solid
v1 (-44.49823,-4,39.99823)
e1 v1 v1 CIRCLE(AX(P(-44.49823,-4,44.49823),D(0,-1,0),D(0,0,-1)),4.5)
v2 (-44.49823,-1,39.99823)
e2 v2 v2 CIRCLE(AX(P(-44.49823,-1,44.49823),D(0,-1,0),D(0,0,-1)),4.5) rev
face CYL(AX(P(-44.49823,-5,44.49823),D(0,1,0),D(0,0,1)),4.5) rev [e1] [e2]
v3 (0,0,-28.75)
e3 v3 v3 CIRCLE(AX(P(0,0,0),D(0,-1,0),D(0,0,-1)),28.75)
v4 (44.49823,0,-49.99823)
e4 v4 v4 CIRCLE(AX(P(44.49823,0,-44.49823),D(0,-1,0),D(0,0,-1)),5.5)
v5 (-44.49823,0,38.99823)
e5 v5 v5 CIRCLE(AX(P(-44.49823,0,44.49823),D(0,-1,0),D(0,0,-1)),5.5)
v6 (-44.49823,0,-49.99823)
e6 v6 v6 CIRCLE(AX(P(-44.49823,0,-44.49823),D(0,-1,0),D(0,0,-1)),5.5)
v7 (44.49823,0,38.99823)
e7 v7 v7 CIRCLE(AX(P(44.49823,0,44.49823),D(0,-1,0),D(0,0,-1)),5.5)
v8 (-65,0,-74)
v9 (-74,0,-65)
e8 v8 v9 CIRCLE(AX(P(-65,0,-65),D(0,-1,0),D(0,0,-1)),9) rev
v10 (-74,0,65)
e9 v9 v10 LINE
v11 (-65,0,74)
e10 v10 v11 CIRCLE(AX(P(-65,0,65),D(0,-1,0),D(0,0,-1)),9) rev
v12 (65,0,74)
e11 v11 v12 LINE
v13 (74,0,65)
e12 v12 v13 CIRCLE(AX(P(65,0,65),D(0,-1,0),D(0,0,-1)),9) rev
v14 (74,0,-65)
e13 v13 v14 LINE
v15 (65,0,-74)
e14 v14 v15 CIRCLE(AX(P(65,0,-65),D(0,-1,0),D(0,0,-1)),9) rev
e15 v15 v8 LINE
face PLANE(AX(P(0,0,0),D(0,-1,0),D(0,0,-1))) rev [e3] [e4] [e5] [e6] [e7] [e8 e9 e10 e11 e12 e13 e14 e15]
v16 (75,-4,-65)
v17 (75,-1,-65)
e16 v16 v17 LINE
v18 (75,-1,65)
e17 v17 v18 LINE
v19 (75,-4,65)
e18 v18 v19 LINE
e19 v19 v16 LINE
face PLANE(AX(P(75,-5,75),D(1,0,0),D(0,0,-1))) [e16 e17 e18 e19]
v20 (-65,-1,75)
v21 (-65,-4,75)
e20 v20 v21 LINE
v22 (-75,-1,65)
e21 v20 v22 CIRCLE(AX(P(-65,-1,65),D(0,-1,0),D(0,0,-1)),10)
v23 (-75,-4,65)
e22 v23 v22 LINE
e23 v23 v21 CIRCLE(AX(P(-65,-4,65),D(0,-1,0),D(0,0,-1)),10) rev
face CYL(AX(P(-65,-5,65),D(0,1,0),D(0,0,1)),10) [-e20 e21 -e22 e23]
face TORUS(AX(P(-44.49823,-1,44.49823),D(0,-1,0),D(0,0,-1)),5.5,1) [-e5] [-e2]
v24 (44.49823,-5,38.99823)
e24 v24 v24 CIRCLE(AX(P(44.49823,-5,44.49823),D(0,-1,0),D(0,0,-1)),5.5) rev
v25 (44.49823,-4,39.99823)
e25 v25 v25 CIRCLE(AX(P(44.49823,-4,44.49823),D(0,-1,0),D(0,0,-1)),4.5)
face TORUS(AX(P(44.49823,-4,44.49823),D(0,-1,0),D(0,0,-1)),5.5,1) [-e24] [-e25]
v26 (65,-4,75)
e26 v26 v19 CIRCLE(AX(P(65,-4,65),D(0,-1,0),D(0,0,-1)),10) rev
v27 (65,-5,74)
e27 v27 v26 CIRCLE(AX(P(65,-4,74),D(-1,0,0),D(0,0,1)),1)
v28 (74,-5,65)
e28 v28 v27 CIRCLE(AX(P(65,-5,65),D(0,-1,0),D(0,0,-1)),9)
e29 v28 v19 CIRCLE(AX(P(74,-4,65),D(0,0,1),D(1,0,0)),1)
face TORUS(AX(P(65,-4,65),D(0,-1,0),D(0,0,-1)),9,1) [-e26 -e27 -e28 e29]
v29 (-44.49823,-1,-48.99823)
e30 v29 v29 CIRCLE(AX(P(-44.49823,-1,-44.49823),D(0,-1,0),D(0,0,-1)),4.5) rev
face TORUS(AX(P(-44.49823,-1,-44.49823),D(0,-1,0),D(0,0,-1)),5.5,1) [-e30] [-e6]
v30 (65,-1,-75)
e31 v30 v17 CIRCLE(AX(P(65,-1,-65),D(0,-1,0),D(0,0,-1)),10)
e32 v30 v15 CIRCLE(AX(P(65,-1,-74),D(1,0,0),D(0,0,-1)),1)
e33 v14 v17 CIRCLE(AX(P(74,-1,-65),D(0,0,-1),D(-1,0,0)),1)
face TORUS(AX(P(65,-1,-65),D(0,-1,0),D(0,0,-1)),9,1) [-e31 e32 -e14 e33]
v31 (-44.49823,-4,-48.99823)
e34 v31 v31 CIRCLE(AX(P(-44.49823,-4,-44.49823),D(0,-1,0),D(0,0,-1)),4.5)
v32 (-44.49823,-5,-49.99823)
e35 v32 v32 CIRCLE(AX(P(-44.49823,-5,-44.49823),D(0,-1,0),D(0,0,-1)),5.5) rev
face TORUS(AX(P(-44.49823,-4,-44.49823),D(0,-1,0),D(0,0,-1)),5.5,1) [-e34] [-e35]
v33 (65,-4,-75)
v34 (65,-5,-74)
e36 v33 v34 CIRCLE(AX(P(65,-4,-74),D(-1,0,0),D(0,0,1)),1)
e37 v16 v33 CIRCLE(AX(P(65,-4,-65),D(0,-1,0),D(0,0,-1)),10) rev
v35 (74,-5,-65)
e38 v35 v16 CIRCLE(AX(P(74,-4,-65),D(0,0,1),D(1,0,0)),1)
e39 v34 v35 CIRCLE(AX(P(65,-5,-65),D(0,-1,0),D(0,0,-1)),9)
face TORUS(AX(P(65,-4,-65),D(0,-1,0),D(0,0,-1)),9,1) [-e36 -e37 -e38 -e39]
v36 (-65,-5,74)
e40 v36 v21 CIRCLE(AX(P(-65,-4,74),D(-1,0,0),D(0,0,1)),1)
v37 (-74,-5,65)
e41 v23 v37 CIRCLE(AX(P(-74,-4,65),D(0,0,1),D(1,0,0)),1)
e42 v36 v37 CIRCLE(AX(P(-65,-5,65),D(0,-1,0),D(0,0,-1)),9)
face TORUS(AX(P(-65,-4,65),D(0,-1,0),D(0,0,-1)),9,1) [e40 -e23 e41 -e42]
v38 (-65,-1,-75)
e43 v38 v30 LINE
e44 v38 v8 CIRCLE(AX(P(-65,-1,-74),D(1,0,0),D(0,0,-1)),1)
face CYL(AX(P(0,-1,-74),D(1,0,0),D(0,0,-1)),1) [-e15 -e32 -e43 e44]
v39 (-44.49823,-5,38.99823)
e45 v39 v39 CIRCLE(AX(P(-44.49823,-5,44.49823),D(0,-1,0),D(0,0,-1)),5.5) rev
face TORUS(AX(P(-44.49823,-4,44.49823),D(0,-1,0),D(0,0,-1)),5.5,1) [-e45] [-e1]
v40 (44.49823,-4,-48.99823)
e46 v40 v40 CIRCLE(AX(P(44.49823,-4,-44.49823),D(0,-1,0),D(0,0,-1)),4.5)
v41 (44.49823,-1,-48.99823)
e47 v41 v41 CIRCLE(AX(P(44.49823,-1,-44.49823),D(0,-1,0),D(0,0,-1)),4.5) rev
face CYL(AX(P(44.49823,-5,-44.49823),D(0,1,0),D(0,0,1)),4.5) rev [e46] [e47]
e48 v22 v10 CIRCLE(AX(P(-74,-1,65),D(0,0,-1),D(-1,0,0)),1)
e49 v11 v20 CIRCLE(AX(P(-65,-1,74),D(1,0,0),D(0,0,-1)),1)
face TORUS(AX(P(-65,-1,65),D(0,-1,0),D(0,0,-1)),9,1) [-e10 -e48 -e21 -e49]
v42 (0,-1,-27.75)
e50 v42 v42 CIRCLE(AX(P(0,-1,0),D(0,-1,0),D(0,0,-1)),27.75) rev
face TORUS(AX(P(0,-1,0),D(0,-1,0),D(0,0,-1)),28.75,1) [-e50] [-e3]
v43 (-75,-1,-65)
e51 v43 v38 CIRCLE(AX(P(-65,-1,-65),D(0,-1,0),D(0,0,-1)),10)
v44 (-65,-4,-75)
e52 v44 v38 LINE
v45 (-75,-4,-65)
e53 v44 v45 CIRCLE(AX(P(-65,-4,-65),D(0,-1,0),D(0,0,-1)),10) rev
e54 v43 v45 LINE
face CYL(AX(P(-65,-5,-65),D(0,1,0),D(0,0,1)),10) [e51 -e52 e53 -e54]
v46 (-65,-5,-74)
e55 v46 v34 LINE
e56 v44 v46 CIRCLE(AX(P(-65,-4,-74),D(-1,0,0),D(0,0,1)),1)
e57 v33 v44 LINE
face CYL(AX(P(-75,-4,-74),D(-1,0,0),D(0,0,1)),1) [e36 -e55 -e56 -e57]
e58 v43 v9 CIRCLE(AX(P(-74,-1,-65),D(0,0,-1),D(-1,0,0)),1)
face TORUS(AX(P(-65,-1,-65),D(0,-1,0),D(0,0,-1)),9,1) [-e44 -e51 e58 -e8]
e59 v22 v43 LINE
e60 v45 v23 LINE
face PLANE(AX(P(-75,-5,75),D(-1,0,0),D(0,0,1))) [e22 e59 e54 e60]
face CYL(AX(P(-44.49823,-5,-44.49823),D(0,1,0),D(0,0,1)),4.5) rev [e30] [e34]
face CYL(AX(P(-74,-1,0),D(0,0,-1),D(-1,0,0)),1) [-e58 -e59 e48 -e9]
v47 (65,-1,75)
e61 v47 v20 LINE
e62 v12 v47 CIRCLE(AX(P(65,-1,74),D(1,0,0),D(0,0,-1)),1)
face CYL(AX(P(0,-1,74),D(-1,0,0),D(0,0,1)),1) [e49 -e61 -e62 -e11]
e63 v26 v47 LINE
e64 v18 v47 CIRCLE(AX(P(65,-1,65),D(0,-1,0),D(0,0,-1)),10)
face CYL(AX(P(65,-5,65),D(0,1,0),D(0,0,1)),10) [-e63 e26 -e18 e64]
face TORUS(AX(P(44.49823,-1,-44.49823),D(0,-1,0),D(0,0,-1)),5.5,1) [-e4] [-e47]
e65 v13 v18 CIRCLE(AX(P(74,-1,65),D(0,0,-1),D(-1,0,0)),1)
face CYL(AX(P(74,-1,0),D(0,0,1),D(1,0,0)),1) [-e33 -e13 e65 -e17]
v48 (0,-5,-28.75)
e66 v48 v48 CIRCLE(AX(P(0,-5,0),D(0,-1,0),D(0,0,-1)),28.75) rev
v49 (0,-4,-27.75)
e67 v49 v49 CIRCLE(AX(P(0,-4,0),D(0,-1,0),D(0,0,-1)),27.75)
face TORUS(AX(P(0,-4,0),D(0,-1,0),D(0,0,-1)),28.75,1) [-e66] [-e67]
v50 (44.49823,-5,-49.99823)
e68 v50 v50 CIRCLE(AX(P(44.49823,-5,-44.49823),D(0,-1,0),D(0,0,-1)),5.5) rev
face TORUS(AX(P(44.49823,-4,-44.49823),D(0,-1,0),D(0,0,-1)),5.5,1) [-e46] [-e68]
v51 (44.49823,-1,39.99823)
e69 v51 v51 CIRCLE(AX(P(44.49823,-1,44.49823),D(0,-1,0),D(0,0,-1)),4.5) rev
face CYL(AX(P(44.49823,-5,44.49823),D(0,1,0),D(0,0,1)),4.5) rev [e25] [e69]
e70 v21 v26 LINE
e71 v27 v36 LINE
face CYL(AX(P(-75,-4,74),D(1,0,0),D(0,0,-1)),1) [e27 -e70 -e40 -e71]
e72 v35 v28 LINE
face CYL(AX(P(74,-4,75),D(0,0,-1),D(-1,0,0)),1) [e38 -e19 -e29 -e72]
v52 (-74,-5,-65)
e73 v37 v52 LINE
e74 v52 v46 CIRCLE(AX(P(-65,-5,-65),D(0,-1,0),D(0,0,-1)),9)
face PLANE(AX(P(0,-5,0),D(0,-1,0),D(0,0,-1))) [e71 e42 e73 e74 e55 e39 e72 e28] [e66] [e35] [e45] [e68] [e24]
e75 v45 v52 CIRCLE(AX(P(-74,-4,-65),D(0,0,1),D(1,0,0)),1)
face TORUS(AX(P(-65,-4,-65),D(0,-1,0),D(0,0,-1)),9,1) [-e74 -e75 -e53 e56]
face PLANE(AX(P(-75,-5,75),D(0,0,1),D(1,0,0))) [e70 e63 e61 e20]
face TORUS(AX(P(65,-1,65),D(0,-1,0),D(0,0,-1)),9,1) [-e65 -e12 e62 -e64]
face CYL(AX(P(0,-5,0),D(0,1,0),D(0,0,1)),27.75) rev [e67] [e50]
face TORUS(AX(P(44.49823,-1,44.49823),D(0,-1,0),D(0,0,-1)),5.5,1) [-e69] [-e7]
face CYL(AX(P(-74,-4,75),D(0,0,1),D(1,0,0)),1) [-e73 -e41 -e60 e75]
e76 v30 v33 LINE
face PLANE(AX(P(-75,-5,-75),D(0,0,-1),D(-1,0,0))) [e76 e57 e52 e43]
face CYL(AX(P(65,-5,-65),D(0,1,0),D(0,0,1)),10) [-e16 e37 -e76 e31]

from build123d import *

# Parameters (mm, degrees)
SKETCH1_W           = 150
SKETCH1_H           = 150
SKETCH1_R           = 27.75
BOSS_EXTRUDE1_DEPTH = 5
SKETCH2_R           = 4.5
CUT_EXTRUDE1_DEPTH  = 5
FILLET1_R           = 10
FILLET2_R           = 1


with BuildPart() as part:
    # Sketch1 → Boss-Extrude1 (new body)
    with BuildSketch(Plane(origin=(0, 0, 0), x_dir=(1, 0, 0), z_dir=(0, 1, 0))):
        Rectangle(SKETCH1_W, SKETCH1_H)
        with Locations(Location((0, 0, 0), (0, 0, 270))):
            Circle(SKETCH1_R, mode=Mode.SUBTRACT)
    extrude(amount=-BOSS_EXTRUDE1_DEPTH)

    # Sketch2 → Cut-Extrude1 (cut)
    with BuildSketch(Plane(origin=(0, 0, 0), x_dir=(1, 0, 0), z_dir=(0, 1, 0))):
        with Locations(Location((44.49822974, 44.49822974, 0), (0, 0, 270))):
            Circle(SKETCH2_R)
        with Locations(Location((-44.49822974, 44.49822974, 0), (0, 0, 90))):
            Circle(SKETCH2_R)
        with Locations(Location((44.49822974, -44.49822974, 0), (0, 0, 90))):
            Circle(SKETCH2_R)
        with Locations(Location((-44.49822974, -44.49822974, 0), (0, 0, 270))):
            Circle(SKETCH2_R)
    extrude(amount=-CUT_EXTRUDE1_DEPTH, mode=Mode.SUBTRACT)

    # Fillet1
    fillet1_edges = [part.edges().sort_by_distance(p)[0] for p in [
        (75, -2.5, 75),
        (-75, -2.5, 75),
        (-75, -2.5, -75),
        (75, -2.5, -75),
    ]]
    fillet(fillet1_edges, radius=FILLET1_R)

    # Fillet2
    fillet2_edges = [part.edges().sort_by_distance(p)[0] for p in [
        (0, -5, -27.75),
        (0, 0, -27.75),
        (-44.49822974, -5, -39.99822974),
        (-44.49822974, 0, -39.99822974),
        (44.49822974, -5, 48.99822974),
        (44.49822974, 0, 48.99822974),
        (-44.49822974, -5, 39.99822974),
        (-44.49822974, 0, 39.99822974),
        (44.49822974, -5, -48.99822974),
        (44.49822974, 0, -48.99822974),
        (0, 0, -75),
        (0, -5, -75),
        (75, 0, 0),
        (-75, 0, 0),
        (0, 0, 75),
        (-72.071067812, 0, 72.071067812),
        (72.071067812, 0, 72.071067812),
        (72.071067812, 0, -72.071067812),
        (-72.071067812, 0, -72.071067812),
        (-75, -5, 0),
        (75, -5, 0),
        (0, -5, 75),
        (-72.071067812, -5, 72.071067812),
        (72.071067812, -5, 72.071067812),
        (72.071067812, -5, -72.071067812),
        (-72.071067812, -5, -72.071067812),
    ]]
    fillet(fillet2_edges, radius=FILLET2_R)


solid = part.part
